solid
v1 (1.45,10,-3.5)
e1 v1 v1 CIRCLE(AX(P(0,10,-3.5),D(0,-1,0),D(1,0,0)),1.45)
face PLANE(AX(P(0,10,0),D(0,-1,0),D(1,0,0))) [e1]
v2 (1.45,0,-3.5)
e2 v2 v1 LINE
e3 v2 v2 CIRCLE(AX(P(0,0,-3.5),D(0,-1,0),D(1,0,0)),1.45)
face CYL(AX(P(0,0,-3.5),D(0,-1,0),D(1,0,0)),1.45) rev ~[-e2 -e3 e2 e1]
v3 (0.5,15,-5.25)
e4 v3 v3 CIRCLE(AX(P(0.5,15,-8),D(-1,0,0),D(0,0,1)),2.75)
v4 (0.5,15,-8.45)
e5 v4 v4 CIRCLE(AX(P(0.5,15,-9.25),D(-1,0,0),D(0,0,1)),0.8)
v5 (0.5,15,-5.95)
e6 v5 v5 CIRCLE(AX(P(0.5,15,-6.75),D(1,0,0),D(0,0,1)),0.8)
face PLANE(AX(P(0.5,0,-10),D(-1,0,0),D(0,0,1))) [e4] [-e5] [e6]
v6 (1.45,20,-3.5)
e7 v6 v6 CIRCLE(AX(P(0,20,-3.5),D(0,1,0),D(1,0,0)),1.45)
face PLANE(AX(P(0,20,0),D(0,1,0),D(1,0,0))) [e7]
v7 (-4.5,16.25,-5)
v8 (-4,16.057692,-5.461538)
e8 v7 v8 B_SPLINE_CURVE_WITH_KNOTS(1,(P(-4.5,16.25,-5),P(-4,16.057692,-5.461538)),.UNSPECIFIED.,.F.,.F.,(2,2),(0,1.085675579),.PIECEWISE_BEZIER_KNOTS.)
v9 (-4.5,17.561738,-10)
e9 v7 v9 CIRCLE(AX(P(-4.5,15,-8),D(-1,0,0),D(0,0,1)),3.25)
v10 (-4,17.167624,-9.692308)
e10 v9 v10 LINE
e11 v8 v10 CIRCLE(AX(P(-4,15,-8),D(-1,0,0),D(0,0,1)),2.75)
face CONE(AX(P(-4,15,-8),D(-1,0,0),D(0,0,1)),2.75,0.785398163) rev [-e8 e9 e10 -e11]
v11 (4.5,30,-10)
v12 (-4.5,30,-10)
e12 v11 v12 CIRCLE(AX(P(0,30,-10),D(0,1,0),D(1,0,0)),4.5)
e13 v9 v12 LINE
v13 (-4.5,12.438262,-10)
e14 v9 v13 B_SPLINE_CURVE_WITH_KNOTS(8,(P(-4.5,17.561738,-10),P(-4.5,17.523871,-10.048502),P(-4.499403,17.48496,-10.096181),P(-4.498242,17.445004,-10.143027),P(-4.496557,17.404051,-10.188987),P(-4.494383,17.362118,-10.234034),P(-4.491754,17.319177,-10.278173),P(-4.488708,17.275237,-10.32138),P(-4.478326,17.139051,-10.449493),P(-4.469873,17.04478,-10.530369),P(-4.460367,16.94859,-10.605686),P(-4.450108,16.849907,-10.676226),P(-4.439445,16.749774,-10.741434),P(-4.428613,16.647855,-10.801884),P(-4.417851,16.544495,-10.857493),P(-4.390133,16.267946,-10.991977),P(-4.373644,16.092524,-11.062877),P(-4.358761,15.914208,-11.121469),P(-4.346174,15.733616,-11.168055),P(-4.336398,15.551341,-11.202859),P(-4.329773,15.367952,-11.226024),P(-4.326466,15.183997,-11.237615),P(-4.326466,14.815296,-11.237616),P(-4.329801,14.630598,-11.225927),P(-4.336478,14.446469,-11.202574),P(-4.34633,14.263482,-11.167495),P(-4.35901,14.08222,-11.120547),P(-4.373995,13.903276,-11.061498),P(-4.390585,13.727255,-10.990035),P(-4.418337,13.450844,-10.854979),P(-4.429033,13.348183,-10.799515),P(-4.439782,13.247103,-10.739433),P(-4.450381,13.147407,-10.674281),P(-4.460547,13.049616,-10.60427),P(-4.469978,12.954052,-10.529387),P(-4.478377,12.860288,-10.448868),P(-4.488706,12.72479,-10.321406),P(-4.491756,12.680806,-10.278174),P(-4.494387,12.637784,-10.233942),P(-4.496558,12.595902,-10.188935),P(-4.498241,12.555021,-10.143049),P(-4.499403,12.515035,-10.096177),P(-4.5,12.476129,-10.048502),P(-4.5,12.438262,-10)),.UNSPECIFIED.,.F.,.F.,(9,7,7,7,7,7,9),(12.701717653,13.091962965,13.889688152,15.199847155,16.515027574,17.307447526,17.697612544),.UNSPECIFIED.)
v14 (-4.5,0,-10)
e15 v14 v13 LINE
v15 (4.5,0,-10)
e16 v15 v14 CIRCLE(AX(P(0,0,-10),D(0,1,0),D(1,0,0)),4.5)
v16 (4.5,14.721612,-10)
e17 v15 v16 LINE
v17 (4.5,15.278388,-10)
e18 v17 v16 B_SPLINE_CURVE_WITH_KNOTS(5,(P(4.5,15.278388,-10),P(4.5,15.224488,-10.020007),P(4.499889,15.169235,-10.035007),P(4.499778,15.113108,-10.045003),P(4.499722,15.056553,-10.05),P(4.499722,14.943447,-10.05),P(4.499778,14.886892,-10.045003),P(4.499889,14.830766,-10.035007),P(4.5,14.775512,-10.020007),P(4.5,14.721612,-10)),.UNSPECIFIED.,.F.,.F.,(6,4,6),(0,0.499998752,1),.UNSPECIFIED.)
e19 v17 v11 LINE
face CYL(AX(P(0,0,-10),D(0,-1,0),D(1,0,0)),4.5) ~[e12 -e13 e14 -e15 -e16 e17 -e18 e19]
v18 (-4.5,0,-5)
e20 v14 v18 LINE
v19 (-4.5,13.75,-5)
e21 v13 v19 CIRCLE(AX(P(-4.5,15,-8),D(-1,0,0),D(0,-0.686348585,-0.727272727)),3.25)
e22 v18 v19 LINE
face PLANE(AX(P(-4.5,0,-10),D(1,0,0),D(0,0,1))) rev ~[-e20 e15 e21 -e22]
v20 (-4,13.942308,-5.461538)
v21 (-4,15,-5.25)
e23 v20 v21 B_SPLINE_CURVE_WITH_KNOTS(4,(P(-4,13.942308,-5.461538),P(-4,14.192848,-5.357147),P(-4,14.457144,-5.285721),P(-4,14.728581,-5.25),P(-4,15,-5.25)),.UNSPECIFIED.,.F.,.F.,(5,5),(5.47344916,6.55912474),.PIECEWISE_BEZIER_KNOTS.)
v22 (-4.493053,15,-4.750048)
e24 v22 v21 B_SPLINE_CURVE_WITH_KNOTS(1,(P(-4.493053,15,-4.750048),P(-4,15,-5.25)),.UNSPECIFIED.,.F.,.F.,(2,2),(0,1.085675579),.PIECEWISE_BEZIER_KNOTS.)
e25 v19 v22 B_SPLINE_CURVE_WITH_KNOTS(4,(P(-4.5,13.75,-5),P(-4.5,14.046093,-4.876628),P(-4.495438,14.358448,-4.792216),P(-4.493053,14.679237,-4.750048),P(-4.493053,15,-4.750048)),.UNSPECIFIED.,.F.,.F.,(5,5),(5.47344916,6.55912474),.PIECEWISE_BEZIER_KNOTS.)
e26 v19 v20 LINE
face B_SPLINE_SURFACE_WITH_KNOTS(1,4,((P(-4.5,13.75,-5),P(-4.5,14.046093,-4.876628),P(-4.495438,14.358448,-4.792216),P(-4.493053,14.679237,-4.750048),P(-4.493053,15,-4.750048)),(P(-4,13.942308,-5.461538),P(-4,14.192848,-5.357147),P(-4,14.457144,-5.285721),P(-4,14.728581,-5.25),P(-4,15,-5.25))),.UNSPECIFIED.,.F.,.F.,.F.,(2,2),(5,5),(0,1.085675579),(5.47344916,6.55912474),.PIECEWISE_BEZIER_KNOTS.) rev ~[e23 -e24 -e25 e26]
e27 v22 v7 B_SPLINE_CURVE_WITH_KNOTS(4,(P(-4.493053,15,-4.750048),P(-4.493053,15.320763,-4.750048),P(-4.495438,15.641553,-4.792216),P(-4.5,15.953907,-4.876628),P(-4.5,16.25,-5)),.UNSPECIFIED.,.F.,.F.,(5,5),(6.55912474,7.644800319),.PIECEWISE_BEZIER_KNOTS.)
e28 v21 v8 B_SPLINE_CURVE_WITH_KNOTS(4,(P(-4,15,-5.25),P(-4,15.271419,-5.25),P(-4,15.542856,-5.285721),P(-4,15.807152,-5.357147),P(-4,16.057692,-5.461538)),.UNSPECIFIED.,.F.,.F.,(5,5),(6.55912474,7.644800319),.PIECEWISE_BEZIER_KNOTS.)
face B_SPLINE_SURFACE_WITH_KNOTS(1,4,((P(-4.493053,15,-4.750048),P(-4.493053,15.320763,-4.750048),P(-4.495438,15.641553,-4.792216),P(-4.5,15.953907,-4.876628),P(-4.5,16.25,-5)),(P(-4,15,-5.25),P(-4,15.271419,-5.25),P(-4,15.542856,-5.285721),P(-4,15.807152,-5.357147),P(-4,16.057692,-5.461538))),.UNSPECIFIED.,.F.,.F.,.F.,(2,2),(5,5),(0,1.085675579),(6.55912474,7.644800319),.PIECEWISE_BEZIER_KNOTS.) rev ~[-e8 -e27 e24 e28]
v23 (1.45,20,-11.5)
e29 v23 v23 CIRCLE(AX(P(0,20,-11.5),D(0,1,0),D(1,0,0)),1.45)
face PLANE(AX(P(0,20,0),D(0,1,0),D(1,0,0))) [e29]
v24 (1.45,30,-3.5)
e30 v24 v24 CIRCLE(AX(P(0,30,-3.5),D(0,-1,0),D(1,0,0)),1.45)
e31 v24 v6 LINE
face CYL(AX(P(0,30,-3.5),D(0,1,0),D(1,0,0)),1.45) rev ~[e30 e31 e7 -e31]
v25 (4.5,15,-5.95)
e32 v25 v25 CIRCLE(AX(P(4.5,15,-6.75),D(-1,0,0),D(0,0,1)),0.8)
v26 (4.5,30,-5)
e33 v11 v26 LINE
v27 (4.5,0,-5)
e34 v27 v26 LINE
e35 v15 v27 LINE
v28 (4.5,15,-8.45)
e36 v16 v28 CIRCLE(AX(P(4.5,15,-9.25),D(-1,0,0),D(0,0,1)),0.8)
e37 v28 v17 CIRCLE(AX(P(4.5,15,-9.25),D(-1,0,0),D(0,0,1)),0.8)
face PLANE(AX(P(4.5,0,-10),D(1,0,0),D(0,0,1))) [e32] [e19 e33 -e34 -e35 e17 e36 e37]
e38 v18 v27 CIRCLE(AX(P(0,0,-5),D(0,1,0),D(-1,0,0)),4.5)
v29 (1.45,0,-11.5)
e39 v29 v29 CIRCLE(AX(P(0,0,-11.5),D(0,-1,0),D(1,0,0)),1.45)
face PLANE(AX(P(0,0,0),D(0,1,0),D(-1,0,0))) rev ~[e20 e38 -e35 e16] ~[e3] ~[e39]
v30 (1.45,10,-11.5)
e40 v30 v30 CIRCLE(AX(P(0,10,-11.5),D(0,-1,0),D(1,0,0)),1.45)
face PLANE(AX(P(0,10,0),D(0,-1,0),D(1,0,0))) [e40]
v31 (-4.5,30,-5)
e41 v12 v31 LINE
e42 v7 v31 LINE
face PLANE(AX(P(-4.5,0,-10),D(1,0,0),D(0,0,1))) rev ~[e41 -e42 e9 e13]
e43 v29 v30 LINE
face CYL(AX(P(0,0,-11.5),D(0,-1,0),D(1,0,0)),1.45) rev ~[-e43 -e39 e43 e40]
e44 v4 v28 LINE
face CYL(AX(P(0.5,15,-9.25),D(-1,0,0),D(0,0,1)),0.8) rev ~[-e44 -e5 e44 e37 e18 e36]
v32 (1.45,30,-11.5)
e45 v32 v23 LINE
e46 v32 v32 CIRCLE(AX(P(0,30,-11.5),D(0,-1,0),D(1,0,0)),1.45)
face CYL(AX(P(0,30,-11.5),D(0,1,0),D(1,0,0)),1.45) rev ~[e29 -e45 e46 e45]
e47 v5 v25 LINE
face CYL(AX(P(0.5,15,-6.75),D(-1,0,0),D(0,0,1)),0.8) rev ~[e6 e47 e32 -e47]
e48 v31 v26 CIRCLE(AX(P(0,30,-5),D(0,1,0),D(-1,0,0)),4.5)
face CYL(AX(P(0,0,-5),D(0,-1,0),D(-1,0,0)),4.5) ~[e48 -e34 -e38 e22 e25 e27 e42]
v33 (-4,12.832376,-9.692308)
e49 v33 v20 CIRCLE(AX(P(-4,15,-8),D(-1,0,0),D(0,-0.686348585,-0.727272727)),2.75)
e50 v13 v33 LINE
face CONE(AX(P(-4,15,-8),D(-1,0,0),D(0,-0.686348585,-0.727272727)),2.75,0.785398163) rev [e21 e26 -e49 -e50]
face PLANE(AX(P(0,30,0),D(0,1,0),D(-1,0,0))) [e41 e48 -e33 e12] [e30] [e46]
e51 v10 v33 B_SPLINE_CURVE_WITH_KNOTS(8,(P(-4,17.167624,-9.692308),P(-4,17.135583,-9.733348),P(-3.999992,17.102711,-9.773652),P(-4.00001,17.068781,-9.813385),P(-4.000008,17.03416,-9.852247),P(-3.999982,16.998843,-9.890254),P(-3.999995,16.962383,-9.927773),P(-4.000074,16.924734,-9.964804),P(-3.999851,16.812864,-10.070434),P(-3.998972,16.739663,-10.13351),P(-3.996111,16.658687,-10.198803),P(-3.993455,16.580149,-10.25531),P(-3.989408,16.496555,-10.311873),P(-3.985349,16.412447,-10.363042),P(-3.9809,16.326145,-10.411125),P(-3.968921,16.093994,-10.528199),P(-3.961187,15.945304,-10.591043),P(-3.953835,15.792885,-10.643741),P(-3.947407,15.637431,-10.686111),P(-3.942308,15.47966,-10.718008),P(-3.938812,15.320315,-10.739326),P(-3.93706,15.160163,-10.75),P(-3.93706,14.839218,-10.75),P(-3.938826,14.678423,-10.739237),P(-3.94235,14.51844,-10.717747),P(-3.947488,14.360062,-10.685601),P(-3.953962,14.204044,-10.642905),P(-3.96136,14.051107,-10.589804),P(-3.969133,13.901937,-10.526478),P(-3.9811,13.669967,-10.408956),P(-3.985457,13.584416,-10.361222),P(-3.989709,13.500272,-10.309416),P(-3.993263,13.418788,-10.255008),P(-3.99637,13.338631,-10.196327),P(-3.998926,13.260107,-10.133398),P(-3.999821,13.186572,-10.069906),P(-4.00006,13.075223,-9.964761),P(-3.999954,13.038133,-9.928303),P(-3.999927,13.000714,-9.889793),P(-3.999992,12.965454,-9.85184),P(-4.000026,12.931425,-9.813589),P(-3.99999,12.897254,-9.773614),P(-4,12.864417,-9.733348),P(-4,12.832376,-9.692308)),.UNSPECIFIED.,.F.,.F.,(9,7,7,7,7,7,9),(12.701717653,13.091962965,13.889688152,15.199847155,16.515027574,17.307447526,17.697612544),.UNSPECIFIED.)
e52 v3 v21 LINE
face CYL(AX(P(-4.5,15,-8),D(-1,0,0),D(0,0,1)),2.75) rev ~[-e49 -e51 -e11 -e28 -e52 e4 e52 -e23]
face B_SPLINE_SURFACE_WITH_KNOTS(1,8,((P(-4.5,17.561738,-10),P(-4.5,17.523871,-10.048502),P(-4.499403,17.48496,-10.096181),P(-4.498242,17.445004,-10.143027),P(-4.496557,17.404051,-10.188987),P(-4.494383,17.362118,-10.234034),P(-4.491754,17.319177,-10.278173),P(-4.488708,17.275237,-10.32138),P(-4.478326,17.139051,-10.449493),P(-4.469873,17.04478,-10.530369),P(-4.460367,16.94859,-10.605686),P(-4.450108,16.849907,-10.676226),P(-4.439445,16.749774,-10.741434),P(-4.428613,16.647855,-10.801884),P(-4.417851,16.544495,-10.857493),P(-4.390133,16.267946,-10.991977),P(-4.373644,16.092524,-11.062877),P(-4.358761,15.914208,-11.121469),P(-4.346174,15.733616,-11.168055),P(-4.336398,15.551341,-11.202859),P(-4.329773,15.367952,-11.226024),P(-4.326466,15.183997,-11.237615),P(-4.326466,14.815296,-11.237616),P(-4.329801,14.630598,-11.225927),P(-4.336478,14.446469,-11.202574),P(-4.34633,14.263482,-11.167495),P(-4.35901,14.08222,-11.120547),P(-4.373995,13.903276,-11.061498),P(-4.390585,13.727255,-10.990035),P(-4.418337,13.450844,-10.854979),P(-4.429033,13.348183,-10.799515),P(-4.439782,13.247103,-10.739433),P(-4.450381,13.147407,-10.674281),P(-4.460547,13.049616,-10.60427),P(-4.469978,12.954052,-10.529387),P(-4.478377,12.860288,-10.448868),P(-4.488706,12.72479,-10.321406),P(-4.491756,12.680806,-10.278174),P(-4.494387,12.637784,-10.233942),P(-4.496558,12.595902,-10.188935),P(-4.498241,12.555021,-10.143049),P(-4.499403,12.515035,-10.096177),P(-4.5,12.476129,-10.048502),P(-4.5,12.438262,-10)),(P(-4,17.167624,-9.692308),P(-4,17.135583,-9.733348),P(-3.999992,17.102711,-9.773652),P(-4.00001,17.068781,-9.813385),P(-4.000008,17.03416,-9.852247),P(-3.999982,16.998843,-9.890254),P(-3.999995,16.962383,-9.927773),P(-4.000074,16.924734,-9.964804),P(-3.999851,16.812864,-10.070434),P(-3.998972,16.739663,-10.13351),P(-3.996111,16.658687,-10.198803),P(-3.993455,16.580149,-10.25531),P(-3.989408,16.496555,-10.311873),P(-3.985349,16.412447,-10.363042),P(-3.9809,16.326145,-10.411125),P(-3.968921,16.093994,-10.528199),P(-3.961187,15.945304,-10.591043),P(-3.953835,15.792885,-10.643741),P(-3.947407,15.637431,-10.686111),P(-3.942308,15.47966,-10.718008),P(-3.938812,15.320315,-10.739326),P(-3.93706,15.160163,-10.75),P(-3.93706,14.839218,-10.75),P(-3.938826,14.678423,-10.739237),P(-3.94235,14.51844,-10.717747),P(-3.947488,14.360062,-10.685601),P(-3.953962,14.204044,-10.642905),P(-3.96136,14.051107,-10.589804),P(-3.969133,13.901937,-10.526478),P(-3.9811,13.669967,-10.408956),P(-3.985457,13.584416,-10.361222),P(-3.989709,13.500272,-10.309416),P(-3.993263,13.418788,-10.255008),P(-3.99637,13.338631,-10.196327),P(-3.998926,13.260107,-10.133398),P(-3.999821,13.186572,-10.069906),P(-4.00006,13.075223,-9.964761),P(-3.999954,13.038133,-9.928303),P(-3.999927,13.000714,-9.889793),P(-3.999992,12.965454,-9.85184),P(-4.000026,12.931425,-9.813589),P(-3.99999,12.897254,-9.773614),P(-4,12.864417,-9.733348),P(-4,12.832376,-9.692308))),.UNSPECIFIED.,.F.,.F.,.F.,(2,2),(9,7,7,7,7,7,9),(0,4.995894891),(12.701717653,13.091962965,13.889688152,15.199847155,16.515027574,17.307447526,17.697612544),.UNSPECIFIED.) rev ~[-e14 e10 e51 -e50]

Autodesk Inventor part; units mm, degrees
ref_plane "YZ Plane" through (0, 0, 0) normal (1, 0, 0) x (0, 1, 0)
ref_plane "XZ Plane" through (0, 0, 0) normal (0, 1, 0) x (-1, 0, 0)
ref_plane "XY Plane" through (0, 0, 0) normal (0, 0, 1) x (1, 0, 0)
sketch "Sketch2" plane through (0, 0, 0) normal (0, 1, 0) x (-1, 0, 0)
  line L0 (-4.5, -10) -> (-4.5, -5)
  line L1 (4.5, -10) -> (4.5, -5)
  arc A0 (4.5, -5) -> (-4.5, -5) centre (0, -5) ccw
  arc A1 (-4.5, -10) -> (4.5, -10) centre (0, -10) ccw
  point P0 (0, 0)
  point P1 (0.9888, -13.1808)
  dimension "d75" = 5
  dimension "d76" = 5
extrude "Extrusion1" add sketch "Sketch2" along normal blind 30
sketch "Sketch14" plane through (-4.5, 0, -10) normal (-1, 0, 0) x (0, 0, 1)
  line L0 (-4.5, 0) -> (-4.5, 30) projected
  line L1 (-4.5, 0) -> (-4.5, 15)
  line L2 (-4.5, 15) -> (2, 15)
  circle A0 centre (2, 15) radius 2.75
  point P0 (10, 0)
  point P1 (-11.5, 30)
  dimension "d80" = 15
  dimension "d81" = 6.5
  dimension "d82" = 5.5
extrude "Extrusion13" cut sketch "Sketch14" against normal blind 5 and the other way blind 5
sketch "Sketch18" plane through (0, 30, 0) normal (0, 1, 0) x (1, 0, 0)
  arc A0 (4.5, 10) -> (-4.5, 10) centre (0, 10) ccw projected
  line L0 (0, 14.5) -> (0, 11.5)
  circle A1 centre (0, 11.5) radius 1.45
  arc A2 (-4.5, 5) -> (4.5, 5) centre (0, 5) ccw projected
  line L1 (0, 0.5) -> (0, 3.5)
  circle A3 centre (0, 3.5) radius 1.45
  point P0 (0, 0)
  dimension "d103" = 3
  dimension "d104" = 2.9
  dimension "d105" = 3
  dimension "d106" = 2.9
extrude "Extrusion17" cut sketch "Sketch18" against normal blind 10
sketch "Sketch19" plane through (0, 0, 0) normal (0, -1, 0) x (1, 0, 0)
  line L0 (4.5, -10) -> (4.5, -5) projected
  arc A0 (4.5, -5) -> (-4.5, -5) centre (0, -5) ccw projected
  line L1 (-4.5, -5) -> (-4.5, -10) projected
  arc A1 (-4.5, -10) -> (4.5, -10) centre (0, -10) ccw projected
  circle A2 centre (0, -11.5) radius 1.45 projected
  circle A3 centre (0, -3.5) radius 1.45 projected
extrude "Extrusion18" cut sketch "Sketch19" against normal blind 10 contours A2 | A3
sketch "Sketch20" plane through (0.5, 15, -8) normal (-1, 0, 0) x (0, 0, 1)
  circle A0 centre (0, 0) radius 2.75 projected
  line L0 (0, 0) -> (-1.25, 0)
  line L1 (0, 0) -> (1.25, 0) construction
  line L2 (0, 0) -> (1.25, 0)
  line L3 (0, 0) -> (1.25, 0) construction
  circle A1 centre (-1.25, 0) radius 0.8
  circle A2 centre (1.25, 0) radius 0.8
  point P0 (8, -15)
  dimension "d115" = 1.25
  dimension "d116" = 180
  dimension "d117" = 1.25
  dimension "d118" = 0
  dimension "d119" = 1.6
  dimension "d120" = 1.6
extrude "Extrusion19" cut sketch "Sketch20" against normal through all contours A1 | A2
chamfer "Chamfer5" distance 0.5 angle 45 3 edges at (-4.5, 12.4444, -6.9845) (-4.5, 17.5556, -6.9845) (-4.4371, 15.0001, -10.75)
properties part number "Front mount" material "ABS Plastic"
